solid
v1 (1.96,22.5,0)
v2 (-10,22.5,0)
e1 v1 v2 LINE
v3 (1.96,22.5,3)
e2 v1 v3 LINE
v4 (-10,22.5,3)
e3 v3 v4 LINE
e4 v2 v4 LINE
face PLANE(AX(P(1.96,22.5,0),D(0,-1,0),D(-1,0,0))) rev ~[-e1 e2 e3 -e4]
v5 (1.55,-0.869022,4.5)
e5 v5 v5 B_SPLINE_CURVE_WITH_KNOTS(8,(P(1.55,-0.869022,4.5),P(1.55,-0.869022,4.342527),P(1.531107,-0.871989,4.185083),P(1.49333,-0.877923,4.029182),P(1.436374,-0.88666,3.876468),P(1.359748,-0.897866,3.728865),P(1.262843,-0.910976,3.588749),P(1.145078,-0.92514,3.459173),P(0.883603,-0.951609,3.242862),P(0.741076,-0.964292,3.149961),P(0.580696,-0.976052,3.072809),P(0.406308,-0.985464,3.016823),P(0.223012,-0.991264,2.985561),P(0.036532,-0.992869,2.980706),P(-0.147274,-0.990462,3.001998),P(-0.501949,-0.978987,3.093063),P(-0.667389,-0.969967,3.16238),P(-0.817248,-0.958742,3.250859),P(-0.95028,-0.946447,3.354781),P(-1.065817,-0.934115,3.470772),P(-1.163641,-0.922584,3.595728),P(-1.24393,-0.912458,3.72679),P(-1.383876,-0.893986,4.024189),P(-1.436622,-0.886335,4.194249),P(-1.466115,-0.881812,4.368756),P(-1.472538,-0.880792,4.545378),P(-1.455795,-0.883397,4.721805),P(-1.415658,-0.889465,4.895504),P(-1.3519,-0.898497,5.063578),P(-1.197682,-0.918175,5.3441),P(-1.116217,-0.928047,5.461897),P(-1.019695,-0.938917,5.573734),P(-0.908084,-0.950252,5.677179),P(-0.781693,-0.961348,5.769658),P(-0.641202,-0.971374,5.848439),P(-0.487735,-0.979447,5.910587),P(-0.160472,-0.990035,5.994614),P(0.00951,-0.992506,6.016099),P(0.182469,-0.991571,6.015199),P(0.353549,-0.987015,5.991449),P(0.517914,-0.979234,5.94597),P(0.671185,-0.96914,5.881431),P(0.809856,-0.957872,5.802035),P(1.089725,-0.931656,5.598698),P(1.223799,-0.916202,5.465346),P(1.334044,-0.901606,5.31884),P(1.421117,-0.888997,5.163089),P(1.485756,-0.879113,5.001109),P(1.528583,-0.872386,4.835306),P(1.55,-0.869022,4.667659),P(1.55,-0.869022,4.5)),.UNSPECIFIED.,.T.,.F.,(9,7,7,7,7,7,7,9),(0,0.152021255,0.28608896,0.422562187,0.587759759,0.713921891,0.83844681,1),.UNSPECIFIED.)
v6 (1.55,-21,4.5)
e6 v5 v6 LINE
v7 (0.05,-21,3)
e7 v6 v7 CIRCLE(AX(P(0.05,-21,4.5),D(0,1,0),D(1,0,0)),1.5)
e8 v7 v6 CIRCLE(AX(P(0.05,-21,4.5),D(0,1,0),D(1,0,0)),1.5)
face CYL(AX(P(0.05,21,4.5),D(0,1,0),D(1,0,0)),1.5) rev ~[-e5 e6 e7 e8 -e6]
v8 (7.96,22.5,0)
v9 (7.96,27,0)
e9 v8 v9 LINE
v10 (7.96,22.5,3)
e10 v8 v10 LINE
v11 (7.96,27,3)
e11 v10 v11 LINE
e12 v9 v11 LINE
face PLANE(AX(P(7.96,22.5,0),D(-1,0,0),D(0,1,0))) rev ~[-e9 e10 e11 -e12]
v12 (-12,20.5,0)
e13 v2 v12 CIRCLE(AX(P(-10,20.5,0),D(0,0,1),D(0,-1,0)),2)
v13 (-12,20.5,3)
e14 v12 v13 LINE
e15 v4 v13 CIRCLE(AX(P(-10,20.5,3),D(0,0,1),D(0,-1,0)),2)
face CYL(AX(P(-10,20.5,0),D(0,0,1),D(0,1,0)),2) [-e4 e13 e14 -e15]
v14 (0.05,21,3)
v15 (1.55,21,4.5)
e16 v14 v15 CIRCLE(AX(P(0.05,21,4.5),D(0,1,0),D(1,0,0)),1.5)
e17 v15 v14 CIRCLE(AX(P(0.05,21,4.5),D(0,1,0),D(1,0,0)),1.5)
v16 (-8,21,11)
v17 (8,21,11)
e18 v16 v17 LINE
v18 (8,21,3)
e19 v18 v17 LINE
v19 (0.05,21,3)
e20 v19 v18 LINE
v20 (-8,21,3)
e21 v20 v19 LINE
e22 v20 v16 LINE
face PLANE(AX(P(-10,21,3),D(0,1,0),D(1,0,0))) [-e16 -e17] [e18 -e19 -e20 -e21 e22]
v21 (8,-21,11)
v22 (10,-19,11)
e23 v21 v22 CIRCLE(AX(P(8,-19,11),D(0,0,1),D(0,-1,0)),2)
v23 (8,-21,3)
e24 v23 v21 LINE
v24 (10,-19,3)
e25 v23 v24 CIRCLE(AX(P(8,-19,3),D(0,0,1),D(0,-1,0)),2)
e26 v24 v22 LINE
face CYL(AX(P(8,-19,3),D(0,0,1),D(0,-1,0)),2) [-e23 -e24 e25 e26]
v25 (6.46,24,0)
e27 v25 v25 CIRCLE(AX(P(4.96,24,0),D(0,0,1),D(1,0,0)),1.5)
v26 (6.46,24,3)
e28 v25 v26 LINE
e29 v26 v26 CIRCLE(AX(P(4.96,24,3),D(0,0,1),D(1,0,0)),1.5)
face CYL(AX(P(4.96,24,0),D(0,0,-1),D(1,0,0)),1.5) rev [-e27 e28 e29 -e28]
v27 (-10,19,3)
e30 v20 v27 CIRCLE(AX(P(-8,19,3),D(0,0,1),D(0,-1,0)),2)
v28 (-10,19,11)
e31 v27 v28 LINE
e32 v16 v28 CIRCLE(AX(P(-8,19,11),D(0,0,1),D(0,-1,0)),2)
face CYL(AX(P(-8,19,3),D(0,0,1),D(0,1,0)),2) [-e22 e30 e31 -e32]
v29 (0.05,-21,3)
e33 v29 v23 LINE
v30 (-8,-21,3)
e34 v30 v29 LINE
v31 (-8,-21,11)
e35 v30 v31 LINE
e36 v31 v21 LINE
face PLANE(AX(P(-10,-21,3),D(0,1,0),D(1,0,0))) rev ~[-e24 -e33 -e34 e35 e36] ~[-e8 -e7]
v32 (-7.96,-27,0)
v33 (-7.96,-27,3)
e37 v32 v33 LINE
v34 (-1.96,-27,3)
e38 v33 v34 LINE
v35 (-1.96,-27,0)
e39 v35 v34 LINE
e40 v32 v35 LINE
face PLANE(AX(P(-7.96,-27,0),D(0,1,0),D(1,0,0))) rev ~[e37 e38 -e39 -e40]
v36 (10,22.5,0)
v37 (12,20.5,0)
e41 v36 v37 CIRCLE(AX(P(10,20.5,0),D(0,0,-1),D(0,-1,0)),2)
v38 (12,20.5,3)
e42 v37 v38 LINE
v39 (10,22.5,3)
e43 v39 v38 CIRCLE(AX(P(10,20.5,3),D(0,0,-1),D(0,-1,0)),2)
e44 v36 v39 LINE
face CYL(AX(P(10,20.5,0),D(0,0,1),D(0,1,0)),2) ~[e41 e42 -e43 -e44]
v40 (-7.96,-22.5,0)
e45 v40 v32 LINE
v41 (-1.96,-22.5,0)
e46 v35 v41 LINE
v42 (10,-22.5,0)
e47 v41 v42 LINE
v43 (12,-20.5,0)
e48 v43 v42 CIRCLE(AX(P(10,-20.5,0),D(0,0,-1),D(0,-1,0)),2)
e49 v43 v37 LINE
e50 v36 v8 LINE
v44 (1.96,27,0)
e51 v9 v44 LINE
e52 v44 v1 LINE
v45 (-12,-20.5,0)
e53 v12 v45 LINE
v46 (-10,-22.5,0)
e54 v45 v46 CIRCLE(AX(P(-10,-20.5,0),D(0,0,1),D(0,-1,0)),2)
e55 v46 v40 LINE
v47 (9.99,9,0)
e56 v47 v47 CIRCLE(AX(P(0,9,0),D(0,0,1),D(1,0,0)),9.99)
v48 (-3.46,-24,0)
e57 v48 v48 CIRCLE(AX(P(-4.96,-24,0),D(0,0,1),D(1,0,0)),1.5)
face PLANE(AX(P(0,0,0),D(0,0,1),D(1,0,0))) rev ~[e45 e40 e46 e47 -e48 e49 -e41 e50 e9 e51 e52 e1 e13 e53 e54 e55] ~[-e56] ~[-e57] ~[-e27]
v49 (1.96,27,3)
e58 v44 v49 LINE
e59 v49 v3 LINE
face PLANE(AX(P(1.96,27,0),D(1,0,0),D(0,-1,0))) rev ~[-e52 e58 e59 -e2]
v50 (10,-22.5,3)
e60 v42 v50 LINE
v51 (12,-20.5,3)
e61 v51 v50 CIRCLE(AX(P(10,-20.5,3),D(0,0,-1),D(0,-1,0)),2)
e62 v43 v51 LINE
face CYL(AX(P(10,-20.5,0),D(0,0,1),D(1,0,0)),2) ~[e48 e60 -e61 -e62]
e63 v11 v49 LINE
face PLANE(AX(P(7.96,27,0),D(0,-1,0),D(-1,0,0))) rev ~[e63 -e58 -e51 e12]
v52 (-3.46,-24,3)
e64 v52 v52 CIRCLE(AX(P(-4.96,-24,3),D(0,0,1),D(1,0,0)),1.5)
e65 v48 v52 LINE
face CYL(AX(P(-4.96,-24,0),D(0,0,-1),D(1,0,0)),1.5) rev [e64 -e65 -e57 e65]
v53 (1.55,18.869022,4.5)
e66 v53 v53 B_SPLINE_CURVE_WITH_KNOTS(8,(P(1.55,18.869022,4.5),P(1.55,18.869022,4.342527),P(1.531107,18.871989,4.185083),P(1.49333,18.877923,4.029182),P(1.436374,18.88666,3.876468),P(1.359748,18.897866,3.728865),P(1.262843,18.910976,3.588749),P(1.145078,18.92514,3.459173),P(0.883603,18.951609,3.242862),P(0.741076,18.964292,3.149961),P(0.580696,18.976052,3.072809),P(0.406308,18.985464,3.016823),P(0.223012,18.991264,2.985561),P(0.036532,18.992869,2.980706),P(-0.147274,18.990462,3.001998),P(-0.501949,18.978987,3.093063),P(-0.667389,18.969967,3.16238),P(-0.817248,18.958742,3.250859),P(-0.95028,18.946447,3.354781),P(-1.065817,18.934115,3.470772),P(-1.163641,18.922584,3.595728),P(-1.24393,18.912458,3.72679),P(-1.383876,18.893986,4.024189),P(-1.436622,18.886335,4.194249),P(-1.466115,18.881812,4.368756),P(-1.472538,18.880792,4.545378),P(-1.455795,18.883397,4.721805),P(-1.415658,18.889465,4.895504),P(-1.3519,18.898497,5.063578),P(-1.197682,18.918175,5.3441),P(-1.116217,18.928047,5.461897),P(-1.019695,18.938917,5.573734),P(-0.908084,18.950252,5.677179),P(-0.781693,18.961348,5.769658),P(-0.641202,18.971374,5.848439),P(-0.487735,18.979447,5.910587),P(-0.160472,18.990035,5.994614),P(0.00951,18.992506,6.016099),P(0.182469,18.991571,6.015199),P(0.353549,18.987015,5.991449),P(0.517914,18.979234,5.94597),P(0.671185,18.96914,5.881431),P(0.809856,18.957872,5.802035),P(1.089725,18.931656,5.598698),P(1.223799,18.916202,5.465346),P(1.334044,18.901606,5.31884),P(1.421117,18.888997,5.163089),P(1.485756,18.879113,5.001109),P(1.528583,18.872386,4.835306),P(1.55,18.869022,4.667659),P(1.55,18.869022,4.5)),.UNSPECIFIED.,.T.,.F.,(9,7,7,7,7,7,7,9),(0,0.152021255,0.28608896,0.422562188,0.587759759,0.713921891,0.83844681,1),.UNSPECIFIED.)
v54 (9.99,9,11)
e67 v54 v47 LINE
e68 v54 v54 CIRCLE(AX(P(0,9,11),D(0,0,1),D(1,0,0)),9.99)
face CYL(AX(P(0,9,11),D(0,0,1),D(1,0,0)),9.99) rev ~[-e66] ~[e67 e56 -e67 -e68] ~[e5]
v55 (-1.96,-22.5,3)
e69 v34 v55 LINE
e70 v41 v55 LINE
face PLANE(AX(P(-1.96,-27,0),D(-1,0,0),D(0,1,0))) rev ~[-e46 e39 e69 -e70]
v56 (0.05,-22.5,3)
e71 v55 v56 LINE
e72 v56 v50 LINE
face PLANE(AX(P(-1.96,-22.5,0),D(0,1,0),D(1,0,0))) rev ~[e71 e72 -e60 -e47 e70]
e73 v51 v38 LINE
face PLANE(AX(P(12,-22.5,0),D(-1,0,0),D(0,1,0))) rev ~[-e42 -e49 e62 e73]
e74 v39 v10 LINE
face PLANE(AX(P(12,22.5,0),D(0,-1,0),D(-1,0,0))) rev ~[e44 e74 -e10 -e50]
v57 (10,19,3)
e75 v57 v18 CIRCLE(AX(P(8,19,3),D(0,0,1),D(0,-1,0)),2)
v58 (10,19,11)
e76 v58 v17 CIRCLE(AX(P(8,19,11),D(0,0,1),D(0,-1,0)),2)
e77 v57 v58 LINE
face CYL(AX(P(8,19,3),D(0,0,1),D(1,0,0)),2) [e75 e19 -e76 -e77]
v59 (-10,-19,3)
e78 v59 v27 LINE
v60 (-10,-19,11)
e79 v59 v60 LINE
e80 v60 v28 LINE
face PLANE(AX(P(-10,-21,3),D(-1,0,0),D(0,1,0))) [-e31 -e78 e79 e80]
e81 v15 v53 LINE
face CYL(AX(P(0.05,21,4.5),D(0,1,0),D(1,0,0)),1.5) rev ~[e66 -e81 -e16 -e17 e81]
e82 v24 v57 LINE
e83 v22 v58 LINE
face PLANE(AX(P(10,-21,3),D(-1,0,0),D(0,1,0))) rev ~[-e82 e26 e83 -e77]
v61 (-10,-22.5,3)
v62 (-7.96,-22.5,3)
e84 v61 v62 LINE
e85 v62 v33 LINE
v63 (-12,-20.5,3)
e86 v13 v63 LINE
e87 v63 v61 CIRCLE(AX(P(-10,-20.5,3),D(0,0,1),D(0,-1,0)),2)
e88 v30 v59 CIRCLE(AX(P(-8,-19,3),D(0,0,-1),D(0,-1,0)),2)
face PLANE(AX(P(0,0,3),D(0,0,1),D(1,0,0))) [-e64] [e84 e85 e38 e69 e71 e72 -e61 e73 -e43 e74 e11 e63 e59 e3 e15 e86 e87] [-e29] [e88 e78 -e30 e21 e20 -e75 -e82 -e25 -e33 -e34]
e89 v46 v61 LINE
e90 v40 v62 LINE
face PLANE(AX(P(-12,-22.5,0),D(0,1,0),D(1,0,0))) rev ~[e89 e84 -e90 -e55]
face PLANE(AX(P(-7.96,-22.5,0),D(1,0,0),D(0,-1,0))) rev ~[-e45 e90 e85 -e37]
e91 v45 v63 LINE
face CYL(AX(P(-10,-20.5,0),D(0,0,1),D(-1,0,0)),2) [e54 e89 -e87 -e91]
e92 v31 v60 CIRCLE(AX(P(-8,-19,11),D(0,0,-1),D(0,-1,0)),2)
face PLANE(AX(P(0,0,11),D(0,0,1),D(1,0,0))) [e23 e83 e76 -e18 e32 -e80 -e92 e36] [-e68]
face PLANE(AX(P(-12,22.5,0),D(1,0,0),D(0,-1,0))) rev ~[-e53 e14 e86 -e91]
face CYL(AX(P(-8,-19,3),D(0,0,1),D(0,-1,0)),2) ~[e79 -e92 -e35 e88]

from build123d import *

# Parameters (mm, degrees)
SKETCH1_R           = 1.5
BOSS_EXTRUDE1_DEPTH = 3
FILLET1_R           = 2
SKETCH3_W           = 20
SKETCH3_H           = 42
BOSS_EXTRUDE2_DEPTH = 8
FILLET2_R           = 2
SKETCH4_R           = 9.99
CUT_EXTRUDE1_DEPTH  = 12
SKETCH5_R           = 1.5
CUT_EXTRUDE2_DEPTH  = 49


with BuildPart() as part:
    # Sketch1 → Boss-Extrude1 (new body)
    with BuildSketch(Plane.XY):
        Polygon((12, 22.5), (7.96, 22.5), (7.96, 27), (1.96, 27), (1.96, 22.5), (-12, 22.5), (-12, -22.5), (-7.96, -22.5), (-7.96, -27), (-1.96, -27), (-1.96, -22.5), (12, -22.5), align=None)
        with Locations((4.96, 24)):
            Circle(SKETCH1_R, mode=Mode.SUBTRACT)
        with Locations((-4.96, -24)):
            Circle(SKETCH1_R, mode=Mode.SUBTRACT)
    extrude(amount=BOSS_EXTRUDE1_DEPTH)

    # Fillet1
    fillet1_edges = [part.edges().sort_by_distance(p)[0] for p in [
        (-12, 22.5, 1.5),
        (12, 22.5, 1.5),
        (12, -22.5, 1.5),
        (-12, -22.5, 1.5),
    ]]
    fillet(fillet1_edges, radius=FILLET1_R)

    # Sketch3 → Boss-Extrude2 (add)
    with BuildSketch(Plane.XY.offset(3)):
        Rectangle(SKETCH3_W, SKETCH3_H)
    extrude(amount=BOSS_EXTRUDE2_DEPTH)

    # Fillet2
    fillet2_edges = [part.edges().sort_by_distance(p)[0] for p in [
        (-10, 21, 7),
        (-10, -21, 7),
        (10, -21, 7),
        (10, 21, 7),
    ]]
    fillet(fillet2_edges, radius=FILLET2_R)

    # Sketch4 → Cut-Extrude1 (cut, through all)
    with BuildSketch(Plane.XY.offset(11)):
        with Locations((0, 9)):
            Circle(SKETCH4_R)
    extrude(amount=-CUT_EXTRUDE1_DEPTH, mode=Mode.SUBTRACT)

    # Sketch5 → Cut-Extrude2 (cut, through all)
    with BuildSketch(Plane(origin=(0, 21, 0), x_dir=(1, 0, 0), z_dir=(0, 1, 0))):
        with Locations((0.05, -4.5)):
            Circle(SKETCH5_R)
    extrude(amount=-CUT_EXTRUDE2_DEPTH, mode=Mode.SUBTRACT)


solid = part.part
